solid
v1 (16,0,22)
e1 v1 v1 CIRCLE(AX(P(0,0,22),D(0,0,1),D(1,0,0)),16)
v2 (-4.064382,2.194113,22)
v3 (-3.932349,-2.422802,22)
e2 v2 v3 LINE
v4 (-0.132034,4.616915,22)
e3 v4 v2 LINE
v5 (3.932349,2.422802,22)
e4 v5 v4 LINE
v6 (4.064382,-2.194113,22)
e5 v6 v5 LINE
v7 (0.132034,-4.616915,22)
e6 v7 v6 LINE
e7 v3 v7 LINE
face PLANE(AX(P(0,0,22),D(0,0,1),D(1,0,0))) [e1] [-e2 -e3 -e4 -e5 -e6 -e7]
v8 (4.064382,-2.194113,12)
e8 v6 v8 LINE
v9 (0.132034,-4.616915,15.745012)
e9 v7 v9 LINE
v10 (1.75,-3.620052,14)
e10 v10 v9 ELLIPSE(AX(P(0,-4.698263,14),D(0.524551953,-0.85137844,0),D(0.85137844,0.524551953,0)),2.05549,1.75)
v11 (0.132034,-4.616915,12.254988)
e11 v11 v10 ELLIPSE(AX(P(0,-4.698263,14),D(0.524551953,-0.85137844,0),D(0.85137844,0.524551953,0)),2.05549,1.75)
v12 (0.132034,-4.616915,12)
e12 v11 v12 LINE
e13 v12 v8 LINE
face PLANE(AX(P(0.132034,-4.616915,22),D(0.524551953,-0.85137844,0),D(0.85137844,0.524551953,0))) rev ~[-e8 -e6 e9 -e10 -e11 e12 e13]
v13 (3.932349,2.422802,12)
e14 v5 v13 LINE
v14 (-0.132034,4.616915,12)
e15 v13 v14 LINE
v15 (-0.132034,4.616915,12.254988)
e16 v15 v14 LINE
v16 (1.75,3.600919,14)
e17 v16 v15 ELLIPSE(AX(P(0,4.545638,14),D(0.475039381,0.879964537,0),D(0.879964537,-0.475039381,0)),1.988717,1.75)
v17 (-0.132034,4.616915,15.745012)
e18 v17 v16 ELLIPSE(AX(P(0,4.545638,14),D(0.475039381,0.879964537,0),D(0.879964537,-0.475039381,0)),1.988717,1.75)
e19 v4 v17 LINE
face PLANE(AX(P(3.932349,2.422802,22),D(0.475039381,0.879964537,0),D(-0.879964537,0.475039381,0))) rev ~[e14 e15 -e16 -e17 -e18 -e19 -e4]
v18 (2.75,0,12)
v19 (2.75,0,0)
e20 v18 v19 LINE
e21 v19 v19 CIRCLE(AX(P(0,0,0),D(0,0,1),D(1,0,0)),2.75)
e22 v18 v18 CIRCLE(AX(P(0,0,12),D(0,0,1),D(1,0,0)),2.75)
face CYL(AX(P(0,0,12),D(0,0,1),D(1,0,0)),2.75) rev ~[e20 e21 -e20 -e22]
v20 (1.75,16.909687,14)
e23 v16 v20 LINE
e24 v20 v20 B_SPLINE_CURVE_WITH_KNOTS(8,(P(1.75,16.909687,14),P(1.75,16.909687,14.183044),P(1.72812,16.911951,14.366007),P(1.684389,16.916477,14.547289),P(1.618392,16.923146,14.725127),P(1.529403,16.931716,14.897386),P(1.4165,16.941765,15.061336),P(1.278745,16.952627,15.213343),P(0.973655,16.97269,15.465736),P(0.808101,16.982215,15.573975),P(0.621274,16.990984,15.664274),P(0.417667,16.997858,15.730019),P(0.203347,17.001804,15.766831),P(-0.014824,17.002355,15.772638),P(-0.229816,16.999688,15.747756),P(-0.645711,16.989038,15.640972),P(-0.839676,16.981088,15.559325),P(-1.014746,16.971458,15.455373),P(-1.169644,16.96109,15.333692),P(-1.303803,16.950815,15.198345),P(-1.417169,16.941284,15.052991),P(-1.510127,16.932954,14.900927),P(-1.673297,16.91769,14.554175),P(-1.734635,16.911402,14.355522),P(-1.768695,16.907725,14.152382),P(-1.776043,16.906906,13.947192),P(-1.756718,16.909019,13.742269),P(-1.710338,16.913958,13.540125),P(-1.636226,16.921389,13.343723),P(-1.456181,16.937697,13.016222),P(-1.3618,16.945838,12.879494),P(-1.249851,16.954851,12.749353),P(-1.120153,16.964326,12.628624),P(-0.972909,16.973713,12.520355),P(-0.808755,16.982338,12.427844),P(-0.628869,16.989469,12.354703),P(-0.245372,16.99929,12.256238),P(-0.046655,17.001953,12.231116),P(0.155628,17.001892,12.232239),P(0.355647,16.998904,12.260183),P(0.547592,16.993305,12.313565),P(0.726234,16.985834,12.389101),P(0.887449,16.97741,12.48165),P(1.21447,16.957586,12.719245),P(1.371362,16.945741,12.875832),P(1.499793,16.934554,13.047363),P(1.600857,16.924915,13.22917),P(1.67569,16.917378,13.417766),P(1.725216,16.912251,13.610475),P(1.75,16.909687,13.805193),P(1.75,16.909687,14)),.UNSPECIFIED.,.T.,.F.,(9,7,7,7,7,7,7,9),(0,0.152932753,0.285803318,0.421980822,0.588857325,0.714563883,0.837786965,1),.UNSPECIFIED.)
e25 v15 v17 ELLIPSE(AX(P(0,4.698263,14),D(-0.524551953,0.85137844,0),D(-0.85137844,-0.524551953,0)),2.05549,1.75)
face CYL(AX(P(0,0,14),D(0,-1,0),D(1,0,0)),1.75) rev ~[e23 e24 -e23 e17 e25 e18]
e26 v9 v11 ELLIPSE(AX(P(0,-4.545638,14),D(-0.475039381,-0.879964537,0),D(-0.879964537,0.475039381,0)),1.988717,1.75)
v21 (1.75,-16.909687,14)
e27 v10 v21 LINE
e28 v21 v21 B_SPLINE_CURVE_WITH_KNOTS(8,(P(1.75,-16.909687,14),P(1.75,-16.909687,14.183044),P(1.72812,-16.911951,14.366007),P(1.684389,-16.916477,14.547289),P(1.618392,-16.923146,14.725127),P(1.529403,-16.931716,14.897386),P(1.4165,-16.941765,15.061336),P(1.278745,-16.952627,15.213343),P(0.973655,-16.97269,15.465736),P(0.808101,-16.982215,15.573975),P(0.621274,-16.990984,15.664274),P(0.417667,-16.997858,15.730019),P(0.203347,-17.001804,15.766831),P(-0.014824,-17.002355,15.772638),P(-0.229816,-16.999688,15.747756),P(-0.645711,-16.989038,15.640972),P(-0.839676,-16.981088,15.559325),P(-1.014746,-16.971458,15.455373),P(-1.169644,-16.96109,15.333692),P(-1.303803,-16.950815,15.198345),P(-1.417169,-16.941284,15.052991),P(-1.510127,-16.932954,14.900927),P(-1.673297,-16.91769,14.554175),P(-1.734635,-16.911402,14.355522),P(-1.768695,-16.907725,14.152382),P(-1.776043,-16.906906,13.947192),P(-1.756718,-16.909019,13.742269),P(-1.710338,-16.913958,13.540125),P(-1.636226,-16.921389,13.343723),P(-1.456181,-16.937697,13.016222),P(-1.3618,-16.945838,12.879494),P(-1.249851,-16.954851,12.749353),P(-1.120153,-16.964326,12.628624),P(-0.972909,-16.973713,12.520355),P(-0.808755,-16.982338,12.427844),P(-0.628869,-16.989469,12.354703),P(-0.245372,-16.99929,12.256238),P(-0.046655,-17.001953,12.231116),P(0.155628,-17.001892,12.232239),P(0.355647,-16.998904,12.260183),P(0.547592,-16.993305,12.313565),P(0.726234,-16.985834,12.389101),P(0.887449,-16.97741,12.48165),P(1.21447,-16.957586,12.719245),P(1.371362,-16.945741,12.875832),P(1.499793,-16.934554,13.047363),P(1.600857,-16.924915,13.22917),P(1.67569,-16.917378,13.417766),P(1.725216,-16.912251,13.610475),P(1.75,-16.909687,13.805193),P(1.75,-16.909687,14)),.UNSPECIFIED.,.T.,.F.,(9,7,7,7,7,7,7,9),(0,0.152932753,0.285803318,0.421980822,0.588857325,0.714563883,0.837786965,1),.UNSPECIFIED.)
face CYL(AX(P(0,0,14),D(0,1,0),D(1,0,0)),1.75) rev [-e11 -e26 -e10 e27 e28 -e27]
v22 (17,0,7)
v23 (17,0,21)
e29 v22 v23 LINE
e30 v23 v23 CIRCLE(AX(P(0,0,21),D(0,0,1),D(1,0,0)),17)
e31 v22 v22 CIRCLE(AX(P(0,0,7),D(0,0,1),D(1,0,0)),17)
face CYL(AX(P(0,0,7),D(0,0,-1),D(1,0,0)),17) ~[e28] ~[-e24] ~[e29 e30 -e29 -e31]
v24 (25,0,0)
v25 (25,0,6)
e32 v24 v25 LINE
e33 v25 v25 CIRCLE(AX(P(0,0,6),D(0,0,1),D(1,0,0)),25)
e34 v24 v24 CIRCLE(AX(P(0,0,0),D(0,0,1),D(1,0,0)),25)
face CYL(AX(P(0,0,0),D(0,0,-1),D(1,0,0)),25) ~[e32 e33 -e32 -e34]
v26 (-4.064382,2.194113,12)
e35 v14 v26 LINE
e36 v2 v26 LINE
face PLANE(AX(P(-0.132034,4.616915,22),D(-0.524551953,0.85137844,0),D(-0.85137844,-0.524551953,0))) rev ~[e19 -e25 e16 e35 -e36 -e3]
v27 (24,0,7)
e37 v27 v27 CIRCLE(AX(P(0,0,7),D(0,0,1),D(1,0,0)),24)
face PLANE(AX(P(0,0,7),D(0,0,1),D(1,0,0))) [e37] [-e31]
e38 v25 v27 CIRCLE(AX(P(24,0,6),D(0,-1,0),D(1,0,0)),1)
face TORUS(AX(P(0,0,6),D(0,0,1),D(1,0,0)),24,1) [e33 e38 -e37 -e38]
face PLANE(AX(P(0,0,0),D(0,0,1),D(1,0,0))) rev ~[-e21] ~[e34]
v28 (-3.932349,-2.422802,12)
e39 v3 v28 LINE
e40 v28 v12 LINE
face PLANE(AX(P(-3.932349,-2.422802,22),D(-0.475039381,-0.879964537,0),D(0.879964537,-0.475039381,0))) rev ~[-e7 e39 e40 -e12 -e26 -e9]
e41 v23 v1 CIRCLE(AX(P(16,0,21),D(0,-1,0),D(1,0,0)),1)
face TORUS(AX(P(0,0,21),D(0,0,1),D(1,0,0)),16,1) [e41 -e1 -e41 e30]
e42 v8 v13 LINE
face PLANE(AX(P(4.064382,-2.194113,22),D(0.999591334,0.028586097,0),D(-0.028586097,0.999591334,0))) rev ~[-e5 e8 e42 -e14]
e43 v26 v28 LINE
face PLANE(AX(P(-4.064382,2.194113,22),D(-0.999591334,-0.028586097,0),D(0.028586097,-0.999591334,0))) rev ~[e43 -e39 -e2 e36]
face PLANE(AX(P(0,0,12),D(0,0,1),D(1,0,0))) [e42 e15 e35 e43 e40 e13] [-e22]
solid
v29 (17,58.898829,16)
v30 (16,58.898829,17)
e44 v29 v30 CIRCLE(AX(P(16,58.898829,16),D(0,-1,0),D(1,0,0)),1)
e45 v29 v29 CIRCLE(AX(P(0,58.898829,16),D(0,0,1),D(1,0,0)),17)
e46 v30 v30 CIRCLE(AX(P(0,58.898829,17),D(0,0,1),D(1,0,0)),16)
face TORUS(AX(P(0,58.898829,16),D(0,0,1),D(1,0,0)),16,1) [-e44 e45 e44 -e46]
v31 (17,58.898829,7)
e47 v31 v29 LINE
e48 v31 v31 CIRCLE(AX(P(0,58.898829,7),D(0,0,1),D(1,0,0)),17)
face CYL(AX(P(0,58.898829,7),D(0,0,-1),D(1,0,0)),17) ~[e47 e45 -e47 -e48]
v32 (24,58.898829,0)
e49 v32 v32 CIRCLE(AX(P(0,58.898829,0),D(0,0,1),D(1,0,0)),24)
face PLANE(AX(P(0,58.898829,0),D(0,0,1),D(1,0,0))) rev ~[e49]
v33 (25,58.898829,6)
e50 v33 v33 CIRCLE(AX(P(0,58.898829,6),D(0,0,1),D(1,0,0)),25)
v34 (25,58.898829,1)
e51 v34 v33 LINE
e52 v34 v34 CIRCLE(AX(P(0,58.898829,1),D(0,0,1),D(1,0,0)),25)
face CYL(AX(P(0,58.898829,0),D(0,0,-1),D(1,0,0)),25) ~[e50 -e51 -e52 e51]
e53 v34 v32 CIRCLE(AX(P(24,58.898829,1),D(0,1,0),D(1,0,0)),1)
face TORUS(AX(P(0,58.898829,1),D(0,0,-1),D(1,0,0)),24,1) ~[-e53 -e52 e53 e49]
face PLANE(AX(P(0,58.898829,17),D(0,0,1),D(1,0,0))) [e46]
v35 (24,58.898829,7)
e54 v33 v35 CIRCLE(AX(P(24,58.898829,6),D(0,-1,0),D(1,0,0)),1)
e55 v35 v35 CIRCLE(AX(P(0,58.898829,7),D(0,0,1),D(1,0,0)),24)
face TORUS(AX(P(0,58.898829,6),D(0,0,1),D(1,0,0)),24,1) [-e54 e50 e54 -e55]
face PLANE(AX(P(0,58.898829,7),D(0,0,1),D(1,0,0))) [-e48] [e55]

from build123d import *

# Parameters (mm, degrees)
F0_R           = 25
F2_DEPTH       = 7
F1_R           = 25
F3_R           = 17
F4_DEPTH       = 15
F6_DEPTH       = 10
F7_R           = 2.75
F8_DEPTH       = 25
F9_R           = 1
F10_R          = 1.75
F11_DEPTH      = 25
F11_DEPTH_BACK = 25
F12_R          = 17
F13_DEPTH      = 10
F14_R          = 1


with BuildPart() as f2:
    # F0 (on Top) → F2 (new body)
    with BuildSketch(Plane.XY):
        Circle(F0_R)
    extrude(amount=F2_DEPTH)

    # F3 (on face) → F4 (join)
    with BuildSketch(Plane.XY.offset(7)):
        Circle(F3_R)
    extrude(amount=F4_DEPTH)

    # F5 (on face) → F6 (cut)
    with BuildSketch(Plane.XY.offset(22)):
        Polygon((-0.1320335268, 4.6169146062), (-4.0643820995, 2.1941129147), (-3.9323485727, -2.4228016915), (0.1320335268, -4.6169146062), (4.0643820995, -2.1941129147), (3.9323485727, 2.4228016915), align=None)
    extrude(amount=-F6_DEPTH, mode=Mode.SUBTRACT)

    # F7 (on face) → F8 (cut)
    with BuildSketch(Plane.XY.offset(12)):
        Circle(F7_R)
    extrude(amount=-F8_DEPTH, mode=Mode.SUBTRACT)

    # F9
    f9_edges = [f2.edges().sort_by_distance(p)[0] for p in [
        (-25, 0, 7),
        (-17, 0, 22),
    ]]
    fillet(f9_edges, radius=F9_R)

    # F10 (on Front) → F11 (cut, two sides)
    with BuildSketch(Plane.XZ) as f11_sk:
        with Locations((0, 14)):
            Circle(F10_R)
    extrude(amount=-F11_DEPTH, mode=Mode.SUBTRACT)
    extrude(f11_sk.sketch, amount=F11_DEPTH_BACK, mode=Mode.SUBTRACT)


with BuildPart() as f2b:
    # F1 (on Top) → F2, piece 2 (new body)
    with BuildSketch(Plane.XY):
        with Locations((0, 58.8988291364)):
            Circle(F1_R)
    extrude(amount=F2_DEPTH)

    # F12 (on face) → F13 (join)
    with BuildSketch(Plane.XY.offset(7)):
        with Locations((0, 58.8988291364)):
            Circle(F12_R)
    extrude(amount=F13_DEPTH)

    # F14
    f14_edges = [f2b.edges().sort_by_distance(p)[0] for p in [
        (-17, 58.898829, 17),
        (-25, 58.898829, 7),
        (-25, 58.898829, 0),
    ]]
    fillet(f14_edges, radius=F14_R)


solid = Compound([f2.part, f2b.part])
